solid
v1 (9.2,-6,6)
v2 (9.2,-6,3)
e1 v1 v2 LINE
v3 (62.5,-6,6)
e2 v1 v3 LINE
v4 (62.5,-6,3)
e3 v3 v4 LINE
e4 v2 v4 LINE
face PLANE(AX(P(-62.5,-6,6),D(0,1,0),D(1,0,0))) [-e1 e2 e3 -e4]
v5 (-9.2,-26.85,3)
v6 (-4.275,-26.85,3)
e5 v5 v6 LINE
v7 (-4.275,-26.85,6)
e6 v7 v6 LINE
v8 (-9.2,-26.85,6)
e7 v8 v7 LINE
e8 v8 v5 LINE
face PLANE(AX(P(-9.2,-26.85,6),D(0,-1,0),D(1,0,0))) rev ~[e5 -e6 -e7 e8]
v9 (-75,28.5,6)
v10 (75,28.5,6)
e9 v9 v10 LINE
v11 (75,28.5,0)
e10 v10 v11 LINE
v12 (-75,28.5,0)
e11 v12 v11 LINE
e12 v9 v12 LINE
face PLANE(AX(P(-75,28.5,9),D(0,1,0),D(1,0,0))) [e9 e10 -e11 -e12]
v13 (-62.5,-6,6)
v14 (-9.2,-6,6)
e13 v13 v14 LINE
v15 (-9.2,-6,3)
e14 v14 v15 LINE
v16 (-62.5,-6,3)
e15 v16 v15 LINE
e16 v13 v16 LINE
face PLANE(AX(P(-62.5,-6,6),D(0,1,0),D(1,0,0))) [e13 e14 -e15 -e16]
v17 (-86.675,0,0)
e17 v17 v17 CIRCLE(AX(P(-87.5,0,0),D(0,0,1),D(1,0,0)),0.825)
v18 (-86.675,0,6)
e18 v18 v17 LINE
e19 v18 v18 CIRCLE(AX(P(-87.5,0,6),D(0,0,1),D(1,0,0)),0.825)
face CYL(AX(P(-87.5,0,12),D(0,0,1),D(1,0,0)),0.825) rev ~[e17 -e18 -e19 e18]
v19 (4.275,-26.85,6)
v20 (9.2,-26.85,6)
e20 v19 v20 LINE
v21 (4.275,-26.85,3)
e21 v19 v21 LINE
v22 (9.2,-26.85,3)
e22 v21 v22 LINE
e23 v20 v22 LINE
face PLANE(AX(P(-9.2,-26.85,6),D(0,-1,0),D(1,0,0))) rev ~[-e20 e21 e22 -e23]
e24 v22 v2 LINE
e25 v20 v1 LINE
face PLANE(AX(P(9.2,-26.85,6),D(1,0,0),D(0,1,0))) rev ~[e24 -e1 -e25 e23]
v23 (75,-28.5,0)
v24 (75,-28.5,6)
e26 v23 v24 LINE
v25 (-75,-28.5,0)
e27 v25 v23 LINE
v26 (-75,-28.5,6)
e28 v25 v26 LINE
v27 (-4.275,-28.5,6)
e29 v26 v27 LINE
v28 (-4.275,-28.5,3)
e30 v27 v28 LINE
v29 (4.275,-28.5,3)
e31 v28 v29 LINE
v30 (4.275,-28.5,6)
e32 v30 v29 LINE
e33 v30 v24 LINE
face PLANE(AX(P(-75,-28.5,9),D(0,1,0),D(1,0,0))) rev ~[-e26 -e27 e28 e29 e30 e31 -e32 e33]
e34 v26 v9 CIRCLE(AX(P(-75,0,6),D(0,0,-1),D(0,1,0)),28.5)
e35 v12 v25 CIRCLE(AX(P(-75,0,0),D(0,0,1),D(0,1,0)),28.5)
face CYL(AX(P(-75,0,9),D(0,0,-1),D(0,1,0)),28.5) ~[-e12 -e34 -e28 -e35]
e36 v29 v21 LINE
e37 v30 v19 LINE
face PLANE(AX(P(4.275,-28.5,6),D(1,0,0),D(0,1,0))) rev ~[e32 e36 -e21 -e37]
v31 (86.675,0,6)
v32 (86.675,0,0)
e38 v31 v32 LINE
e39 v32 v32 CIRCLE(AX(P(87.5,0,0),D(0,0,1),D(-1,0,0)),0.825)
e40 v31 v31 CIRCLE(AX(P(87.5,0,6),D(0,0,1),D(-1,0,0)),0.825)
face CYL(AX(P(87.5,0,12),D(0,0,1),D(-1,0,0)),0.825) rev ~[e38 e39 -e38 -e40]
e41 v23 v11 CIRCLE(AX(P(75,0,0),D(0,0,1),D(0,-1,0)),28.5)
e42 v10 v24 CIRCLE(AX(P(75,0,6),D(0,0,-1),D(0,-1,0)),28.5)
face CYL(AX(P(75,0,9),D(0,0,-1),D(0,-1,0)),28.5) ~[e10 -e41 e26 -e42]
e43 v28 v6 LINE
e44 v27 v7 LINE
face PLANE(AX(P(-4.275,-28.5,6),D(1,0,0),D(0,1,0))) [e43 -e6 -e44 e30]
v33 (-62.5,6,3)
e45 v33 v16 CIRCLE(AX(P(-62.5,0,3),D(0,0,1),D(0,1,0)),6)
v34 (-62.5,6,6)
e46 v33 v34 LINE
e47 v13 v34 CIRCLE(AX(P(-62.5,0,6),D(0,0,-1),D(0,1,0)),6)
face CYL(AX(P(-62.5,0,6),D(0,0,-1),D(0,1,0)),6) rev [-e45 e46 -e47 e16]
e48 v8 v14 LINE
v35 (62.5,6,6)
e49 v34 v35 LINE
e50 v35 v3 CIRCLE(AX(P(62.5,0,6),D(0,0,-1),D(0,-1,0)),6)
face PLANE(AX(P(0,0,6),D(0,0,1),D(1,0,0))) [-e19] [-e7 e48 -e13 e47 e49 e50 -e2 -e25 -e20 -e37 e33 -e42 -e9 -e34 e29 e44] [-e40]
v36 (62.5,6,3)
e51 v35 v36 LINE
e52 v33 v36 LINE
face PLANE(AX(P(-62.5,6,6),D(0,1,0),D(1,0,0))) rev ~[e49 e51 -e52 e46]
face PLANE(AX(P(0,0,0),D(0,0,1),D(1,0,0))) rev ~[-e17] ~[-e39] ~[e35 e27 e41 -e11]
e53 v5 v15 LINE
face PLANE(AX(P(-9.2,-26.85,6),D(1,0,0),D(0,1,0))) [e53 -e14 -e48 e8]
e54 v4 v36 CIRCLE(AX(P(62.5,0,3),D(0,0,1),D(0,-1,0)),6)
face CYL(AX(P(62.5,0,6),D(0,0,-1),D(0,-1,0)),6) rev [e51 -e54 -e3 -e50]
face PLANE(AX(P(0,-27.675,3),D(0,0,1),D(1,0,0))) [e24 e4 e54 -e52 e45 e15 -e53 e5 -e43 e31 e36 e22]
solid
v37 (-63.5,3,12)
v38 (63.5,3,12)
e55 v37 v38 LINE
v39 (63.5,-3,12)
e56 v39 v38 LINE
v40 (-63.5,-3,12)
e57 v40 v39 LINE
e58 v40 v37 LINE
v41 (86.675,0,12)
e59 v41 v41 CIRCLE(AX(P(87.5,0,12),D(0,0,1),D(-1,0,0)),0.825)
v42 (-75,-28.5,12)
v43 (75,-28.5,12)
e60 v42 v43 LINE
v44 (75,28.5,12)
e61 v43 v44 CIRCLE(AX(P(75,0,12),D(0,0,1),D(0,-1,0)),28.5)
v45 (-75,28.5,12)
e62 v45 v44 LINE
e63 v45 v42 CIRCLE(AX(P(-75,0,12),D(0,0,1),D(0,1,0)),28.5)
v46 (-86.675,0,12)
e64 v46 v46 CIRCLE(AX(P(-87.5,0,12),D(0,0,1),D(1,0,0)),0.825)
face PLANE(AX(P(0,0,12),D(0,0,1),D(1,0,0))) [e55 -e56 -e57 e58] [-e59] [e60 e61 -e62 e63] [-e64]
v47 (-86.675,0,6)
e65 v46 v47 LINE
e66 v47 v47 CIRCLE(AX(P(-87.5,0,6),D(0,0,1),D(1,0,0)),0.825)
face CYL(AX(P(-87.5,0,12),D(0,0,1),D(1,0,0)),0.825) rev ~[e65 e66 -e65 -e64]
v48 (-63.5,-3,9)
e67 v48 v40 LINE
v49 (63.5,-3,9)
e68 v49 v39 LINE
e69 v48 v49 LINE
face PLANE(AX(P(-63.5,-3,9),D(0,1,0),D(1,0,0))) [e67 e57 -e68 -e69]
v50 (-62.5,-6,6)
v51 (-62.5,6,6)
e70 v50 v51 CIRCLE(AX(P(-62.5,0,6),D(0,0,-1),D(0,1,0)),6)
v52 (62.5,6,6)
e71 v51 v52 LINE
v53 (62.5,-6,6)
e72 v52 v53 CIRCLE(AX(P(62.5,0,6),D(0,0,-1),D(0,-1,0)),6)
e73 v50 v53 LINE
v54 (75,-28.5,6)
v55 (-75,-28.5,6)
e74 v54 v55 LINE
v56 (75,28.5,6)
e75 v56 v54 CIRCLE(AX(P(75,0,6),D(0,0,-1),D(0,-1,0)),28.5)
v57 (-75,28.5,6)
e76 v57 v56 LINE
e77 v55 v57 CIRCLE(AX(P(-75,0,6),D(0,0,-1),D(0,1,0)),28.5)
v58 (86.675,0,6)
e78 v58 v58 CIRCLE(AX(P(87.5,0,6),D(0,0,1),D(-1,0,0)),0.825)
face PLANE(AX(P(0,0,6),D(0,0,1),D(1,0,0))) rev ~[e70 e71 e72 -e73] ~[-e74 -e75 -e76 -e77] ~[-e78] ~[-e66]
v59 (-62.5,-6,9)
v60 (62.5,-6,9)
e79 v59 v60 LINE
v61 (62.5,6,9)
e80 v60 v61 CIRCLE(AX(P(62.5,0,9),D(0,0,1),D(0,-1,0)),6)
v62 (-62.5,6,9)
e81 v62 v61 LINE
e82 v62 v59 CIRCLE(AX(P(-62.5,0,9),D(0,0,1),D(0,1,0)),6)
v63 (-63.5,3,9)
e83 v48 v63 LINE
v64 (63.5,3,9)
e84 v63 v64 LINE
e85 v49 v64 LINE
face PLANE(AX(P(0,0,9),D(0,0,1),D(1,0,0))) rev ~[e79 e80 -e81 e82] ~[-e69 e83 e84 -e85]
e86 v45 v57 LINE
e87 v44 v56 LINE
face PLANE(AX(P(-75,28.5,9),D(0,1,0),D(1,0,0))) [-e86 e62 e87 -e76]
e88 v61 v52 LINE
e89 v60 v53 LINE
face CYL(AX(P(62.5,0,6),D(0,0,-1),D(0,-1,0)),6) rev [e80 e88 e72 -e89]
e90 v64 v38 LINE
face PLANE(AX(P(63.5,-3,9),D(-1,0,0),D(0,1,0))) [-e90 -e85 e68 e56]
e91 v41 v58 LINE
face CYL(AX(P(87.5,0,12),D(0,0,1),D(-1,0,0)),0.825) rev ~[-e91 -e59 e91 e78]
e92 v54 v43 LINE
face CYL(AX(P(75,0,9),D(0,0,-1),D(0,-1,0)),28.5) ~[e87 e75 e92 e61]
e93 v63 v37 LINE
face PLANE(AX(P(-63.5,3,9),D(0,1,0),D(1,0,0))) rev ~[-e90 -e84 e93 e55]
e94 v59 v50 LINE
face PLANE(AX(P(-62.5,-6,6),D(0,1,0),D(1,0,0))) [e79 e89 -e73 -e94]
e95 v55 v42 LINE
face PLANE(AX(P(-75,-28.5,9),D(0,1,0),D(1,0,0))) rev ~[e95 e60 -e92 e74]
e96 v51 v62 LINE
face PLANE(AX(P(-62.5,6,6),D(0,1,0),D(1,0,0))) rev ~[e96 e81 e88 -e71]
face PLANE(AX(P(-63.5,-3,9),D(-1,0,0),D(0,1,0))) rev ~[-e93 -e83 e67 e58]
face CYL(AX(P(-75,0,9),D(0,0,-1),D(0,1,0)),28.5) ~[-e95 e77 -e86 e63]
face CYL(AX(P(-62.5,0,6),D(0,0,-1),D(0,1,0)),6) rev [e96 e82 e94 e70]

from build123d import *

# Parameters (mm, degrees)
BOX_BOTTOM_HALF_0_W     = 209
BOX_BOTTOM_HALF_0_H     = 59
BOX_BOTTOM_HALF_0_DEPTH = 7
PAD_DEPTH               = 6
POCKET_DEPTH            = 3
SKETCH002_W             = 18.4
SKETCH002_H             = 20.85
POCKET001_DEPTH         = 3
SKETCH003_W             = 8.55
SKETCH003_H             = 1.65
POCKET002_DEPTH         = 3
PAD001_DEPTH            = 3
SKETCH005_W             = 127
SKETCH005_H             = 6
PAD002_DEPTH            = 3
SKETCH006_R             = 0.825
POCKET003_DEPTH         = 442.080062
POLARPATTERN_COUNT      = 2


with BuildPart() as box_bottom_half_0_body:
    # box_bottom_half_0 → box_bottom_half_0 (new body)
    with BuildSketch(Plane(origin=(-104.5, -29.5, -1), x_dir=(1, 0, 0), z_dir=(0, 0, 1))):
        with Locations((104.5, 29.5)):
            Rectangle(BOX_BOTTOM_HALF_0_W, BOX_BOTTOM_HALF_0_H)
    extrude(amount=BOX_BOTTOM_HALF_0_DEPTH)


with BuildPart() as body:
    # Sketch → Pad (new body)
    with BuildSketch(Plane.XY):
        with BuildLine():
            ThreePointArc((-75, 28.5), (-103.5, 0), (-75, -28.5))
            Line((-75, -28.5), (75, -28.5))
            ThreePointArc((75, -28.5), (103.5, 0), (75, 28.5))
            Line((-75, 28.5), (75, 28.5))
        make_face()
    extrude(amount=PAD_DEPTH)

    # Sketch001 (on Face6 of Pad) → Pocket (cut)
    with BuildSketch(Plane.XY.offset(6)):
        with BuildLine():
            ThreePointArc((-62.5, 6), (-68.5, 0), (-62.5, -6))
            Line((-62.5, -6), (62.5, -6))
            ThreePointArc((62.5, -6), (68.5, 0), (62.5, 6))
            Line((-62.5, 6), (62.5, 6))
        make_face()
    extrude(amount=-POCKET_DEPTH, mode=Mode.SUBTRACT)

    # Sketch002 (on Face5 of Pocket) → Pocket001 (cut)
    with BuildSketch(Plane.XY.offset(6)):
        with Locations((0, -16.425)):
            Rectangle(SKETCH002_W, SKETCH002_H)
    extrude(amount=-POCKET001_DEPTH, mode=Mode.SUBTRACT)

    # Sketch003 (on Face5 of Pocket001) → Pocket002 (cut)
    with BuildSketch(Plane.XY.offset(6)):
        with Locations((0, -27.675)):
            Rectangle(SKETCH003_W, SKETCH003_H)
    extrude(amount=-POCKET002_DEPTH, mode=Mode.SUBTRACT)

    # Sketch004 (on Face5 of Pocket002) → Pad001 (join)
    with BuildSketch(Plane.XY.offset(6)):
        with BuildLine():
            ThreePointArc((-75, 28.5), (-103.5, 0), (-75, -28.5))
            Line((-75, -28.5), (75, -28.5))
            ThreePointArc((75, -28.5), (103.5, 0), (75, 28.5))
            Line((-75, 28.5), (75, 28.5))
        make_face()
        with BuildLine():
            ThreePointArc((-62.5, 6), (-68.5, 0), (-62.5, -6))
            Line((-62.5, -6), (62.5, -6))
            ThreePointArc((62.5, -6), (68.5, 0), (62.5, 6))
            Line((-62.5, 6), (62.5, 6))
        make_face(mode=Mode.SUBTRACT)
    extrude(amount=PAD001_DEPTH)

    # Sketch005 (on Face12 of Pad001) → Pad002 (join)
    with BuildSketch(Plane.XY.offset(9)):
        with BuildLine():
            ThreePointArc((-75, 28.5), (-103.5, 0), (-75, -28.5))
            Line((-75, -28.5), (75, -28.5))
            ThreePointArc((75, -28.5), (103.5, 0), (75, 28.5))
            Line((-75, 28.5), (75, 28.5))
        make_face()
        Rectangle(SKETCH005_W, SKETCH005_H, mode=Mode.SUBTRACT)
    extrude(amount=PAD002_DEPTH)

    # Sketch006 (on Face20 of Pad002) → Pocket003 (cut, through all)
    with BuildSketch(Plane.XY.offset(12)):
        with Locations((-87.5, 0)):
            Circle(SKETCH006_R)
    pocket003 = extrude(amount=-POCKET003_DEPTH, mode=Mode.SUBTRACT)

    # PolarPattern: Pocket003 ×2 about axis
    polarpattern_axis = Axis((0, 0, 12), (0, 0, 1))
    for i in range(1, POLARPATTERN_COUNT):
        add(pocket003.rotate(polarpattern_axis, i * 360 / POLARPATTERN_COUNT), mode=Mode.SUBTRACT)


with BuildPart() as bottom_half_0_body:
    # bottom_half_0 base: copy of Body
    add(body.part)

    # bottom_half_0: intersect box_bottom_half_0 body
    add(box_bottom_half_0_body.part, mode=Mode.INTERSECT)


with BuildPart() as top_half_0_body:
    # top_half_0 base: copy of Body
    add(body.part)

    # top_half_0: cut box_bottom_half_0 body
    add(box_bottom_half_0_body.part, mode=Mode.SUBTRACT)


solid = Compound([bottom_half_0_body.part, top_half_0_body.part])
